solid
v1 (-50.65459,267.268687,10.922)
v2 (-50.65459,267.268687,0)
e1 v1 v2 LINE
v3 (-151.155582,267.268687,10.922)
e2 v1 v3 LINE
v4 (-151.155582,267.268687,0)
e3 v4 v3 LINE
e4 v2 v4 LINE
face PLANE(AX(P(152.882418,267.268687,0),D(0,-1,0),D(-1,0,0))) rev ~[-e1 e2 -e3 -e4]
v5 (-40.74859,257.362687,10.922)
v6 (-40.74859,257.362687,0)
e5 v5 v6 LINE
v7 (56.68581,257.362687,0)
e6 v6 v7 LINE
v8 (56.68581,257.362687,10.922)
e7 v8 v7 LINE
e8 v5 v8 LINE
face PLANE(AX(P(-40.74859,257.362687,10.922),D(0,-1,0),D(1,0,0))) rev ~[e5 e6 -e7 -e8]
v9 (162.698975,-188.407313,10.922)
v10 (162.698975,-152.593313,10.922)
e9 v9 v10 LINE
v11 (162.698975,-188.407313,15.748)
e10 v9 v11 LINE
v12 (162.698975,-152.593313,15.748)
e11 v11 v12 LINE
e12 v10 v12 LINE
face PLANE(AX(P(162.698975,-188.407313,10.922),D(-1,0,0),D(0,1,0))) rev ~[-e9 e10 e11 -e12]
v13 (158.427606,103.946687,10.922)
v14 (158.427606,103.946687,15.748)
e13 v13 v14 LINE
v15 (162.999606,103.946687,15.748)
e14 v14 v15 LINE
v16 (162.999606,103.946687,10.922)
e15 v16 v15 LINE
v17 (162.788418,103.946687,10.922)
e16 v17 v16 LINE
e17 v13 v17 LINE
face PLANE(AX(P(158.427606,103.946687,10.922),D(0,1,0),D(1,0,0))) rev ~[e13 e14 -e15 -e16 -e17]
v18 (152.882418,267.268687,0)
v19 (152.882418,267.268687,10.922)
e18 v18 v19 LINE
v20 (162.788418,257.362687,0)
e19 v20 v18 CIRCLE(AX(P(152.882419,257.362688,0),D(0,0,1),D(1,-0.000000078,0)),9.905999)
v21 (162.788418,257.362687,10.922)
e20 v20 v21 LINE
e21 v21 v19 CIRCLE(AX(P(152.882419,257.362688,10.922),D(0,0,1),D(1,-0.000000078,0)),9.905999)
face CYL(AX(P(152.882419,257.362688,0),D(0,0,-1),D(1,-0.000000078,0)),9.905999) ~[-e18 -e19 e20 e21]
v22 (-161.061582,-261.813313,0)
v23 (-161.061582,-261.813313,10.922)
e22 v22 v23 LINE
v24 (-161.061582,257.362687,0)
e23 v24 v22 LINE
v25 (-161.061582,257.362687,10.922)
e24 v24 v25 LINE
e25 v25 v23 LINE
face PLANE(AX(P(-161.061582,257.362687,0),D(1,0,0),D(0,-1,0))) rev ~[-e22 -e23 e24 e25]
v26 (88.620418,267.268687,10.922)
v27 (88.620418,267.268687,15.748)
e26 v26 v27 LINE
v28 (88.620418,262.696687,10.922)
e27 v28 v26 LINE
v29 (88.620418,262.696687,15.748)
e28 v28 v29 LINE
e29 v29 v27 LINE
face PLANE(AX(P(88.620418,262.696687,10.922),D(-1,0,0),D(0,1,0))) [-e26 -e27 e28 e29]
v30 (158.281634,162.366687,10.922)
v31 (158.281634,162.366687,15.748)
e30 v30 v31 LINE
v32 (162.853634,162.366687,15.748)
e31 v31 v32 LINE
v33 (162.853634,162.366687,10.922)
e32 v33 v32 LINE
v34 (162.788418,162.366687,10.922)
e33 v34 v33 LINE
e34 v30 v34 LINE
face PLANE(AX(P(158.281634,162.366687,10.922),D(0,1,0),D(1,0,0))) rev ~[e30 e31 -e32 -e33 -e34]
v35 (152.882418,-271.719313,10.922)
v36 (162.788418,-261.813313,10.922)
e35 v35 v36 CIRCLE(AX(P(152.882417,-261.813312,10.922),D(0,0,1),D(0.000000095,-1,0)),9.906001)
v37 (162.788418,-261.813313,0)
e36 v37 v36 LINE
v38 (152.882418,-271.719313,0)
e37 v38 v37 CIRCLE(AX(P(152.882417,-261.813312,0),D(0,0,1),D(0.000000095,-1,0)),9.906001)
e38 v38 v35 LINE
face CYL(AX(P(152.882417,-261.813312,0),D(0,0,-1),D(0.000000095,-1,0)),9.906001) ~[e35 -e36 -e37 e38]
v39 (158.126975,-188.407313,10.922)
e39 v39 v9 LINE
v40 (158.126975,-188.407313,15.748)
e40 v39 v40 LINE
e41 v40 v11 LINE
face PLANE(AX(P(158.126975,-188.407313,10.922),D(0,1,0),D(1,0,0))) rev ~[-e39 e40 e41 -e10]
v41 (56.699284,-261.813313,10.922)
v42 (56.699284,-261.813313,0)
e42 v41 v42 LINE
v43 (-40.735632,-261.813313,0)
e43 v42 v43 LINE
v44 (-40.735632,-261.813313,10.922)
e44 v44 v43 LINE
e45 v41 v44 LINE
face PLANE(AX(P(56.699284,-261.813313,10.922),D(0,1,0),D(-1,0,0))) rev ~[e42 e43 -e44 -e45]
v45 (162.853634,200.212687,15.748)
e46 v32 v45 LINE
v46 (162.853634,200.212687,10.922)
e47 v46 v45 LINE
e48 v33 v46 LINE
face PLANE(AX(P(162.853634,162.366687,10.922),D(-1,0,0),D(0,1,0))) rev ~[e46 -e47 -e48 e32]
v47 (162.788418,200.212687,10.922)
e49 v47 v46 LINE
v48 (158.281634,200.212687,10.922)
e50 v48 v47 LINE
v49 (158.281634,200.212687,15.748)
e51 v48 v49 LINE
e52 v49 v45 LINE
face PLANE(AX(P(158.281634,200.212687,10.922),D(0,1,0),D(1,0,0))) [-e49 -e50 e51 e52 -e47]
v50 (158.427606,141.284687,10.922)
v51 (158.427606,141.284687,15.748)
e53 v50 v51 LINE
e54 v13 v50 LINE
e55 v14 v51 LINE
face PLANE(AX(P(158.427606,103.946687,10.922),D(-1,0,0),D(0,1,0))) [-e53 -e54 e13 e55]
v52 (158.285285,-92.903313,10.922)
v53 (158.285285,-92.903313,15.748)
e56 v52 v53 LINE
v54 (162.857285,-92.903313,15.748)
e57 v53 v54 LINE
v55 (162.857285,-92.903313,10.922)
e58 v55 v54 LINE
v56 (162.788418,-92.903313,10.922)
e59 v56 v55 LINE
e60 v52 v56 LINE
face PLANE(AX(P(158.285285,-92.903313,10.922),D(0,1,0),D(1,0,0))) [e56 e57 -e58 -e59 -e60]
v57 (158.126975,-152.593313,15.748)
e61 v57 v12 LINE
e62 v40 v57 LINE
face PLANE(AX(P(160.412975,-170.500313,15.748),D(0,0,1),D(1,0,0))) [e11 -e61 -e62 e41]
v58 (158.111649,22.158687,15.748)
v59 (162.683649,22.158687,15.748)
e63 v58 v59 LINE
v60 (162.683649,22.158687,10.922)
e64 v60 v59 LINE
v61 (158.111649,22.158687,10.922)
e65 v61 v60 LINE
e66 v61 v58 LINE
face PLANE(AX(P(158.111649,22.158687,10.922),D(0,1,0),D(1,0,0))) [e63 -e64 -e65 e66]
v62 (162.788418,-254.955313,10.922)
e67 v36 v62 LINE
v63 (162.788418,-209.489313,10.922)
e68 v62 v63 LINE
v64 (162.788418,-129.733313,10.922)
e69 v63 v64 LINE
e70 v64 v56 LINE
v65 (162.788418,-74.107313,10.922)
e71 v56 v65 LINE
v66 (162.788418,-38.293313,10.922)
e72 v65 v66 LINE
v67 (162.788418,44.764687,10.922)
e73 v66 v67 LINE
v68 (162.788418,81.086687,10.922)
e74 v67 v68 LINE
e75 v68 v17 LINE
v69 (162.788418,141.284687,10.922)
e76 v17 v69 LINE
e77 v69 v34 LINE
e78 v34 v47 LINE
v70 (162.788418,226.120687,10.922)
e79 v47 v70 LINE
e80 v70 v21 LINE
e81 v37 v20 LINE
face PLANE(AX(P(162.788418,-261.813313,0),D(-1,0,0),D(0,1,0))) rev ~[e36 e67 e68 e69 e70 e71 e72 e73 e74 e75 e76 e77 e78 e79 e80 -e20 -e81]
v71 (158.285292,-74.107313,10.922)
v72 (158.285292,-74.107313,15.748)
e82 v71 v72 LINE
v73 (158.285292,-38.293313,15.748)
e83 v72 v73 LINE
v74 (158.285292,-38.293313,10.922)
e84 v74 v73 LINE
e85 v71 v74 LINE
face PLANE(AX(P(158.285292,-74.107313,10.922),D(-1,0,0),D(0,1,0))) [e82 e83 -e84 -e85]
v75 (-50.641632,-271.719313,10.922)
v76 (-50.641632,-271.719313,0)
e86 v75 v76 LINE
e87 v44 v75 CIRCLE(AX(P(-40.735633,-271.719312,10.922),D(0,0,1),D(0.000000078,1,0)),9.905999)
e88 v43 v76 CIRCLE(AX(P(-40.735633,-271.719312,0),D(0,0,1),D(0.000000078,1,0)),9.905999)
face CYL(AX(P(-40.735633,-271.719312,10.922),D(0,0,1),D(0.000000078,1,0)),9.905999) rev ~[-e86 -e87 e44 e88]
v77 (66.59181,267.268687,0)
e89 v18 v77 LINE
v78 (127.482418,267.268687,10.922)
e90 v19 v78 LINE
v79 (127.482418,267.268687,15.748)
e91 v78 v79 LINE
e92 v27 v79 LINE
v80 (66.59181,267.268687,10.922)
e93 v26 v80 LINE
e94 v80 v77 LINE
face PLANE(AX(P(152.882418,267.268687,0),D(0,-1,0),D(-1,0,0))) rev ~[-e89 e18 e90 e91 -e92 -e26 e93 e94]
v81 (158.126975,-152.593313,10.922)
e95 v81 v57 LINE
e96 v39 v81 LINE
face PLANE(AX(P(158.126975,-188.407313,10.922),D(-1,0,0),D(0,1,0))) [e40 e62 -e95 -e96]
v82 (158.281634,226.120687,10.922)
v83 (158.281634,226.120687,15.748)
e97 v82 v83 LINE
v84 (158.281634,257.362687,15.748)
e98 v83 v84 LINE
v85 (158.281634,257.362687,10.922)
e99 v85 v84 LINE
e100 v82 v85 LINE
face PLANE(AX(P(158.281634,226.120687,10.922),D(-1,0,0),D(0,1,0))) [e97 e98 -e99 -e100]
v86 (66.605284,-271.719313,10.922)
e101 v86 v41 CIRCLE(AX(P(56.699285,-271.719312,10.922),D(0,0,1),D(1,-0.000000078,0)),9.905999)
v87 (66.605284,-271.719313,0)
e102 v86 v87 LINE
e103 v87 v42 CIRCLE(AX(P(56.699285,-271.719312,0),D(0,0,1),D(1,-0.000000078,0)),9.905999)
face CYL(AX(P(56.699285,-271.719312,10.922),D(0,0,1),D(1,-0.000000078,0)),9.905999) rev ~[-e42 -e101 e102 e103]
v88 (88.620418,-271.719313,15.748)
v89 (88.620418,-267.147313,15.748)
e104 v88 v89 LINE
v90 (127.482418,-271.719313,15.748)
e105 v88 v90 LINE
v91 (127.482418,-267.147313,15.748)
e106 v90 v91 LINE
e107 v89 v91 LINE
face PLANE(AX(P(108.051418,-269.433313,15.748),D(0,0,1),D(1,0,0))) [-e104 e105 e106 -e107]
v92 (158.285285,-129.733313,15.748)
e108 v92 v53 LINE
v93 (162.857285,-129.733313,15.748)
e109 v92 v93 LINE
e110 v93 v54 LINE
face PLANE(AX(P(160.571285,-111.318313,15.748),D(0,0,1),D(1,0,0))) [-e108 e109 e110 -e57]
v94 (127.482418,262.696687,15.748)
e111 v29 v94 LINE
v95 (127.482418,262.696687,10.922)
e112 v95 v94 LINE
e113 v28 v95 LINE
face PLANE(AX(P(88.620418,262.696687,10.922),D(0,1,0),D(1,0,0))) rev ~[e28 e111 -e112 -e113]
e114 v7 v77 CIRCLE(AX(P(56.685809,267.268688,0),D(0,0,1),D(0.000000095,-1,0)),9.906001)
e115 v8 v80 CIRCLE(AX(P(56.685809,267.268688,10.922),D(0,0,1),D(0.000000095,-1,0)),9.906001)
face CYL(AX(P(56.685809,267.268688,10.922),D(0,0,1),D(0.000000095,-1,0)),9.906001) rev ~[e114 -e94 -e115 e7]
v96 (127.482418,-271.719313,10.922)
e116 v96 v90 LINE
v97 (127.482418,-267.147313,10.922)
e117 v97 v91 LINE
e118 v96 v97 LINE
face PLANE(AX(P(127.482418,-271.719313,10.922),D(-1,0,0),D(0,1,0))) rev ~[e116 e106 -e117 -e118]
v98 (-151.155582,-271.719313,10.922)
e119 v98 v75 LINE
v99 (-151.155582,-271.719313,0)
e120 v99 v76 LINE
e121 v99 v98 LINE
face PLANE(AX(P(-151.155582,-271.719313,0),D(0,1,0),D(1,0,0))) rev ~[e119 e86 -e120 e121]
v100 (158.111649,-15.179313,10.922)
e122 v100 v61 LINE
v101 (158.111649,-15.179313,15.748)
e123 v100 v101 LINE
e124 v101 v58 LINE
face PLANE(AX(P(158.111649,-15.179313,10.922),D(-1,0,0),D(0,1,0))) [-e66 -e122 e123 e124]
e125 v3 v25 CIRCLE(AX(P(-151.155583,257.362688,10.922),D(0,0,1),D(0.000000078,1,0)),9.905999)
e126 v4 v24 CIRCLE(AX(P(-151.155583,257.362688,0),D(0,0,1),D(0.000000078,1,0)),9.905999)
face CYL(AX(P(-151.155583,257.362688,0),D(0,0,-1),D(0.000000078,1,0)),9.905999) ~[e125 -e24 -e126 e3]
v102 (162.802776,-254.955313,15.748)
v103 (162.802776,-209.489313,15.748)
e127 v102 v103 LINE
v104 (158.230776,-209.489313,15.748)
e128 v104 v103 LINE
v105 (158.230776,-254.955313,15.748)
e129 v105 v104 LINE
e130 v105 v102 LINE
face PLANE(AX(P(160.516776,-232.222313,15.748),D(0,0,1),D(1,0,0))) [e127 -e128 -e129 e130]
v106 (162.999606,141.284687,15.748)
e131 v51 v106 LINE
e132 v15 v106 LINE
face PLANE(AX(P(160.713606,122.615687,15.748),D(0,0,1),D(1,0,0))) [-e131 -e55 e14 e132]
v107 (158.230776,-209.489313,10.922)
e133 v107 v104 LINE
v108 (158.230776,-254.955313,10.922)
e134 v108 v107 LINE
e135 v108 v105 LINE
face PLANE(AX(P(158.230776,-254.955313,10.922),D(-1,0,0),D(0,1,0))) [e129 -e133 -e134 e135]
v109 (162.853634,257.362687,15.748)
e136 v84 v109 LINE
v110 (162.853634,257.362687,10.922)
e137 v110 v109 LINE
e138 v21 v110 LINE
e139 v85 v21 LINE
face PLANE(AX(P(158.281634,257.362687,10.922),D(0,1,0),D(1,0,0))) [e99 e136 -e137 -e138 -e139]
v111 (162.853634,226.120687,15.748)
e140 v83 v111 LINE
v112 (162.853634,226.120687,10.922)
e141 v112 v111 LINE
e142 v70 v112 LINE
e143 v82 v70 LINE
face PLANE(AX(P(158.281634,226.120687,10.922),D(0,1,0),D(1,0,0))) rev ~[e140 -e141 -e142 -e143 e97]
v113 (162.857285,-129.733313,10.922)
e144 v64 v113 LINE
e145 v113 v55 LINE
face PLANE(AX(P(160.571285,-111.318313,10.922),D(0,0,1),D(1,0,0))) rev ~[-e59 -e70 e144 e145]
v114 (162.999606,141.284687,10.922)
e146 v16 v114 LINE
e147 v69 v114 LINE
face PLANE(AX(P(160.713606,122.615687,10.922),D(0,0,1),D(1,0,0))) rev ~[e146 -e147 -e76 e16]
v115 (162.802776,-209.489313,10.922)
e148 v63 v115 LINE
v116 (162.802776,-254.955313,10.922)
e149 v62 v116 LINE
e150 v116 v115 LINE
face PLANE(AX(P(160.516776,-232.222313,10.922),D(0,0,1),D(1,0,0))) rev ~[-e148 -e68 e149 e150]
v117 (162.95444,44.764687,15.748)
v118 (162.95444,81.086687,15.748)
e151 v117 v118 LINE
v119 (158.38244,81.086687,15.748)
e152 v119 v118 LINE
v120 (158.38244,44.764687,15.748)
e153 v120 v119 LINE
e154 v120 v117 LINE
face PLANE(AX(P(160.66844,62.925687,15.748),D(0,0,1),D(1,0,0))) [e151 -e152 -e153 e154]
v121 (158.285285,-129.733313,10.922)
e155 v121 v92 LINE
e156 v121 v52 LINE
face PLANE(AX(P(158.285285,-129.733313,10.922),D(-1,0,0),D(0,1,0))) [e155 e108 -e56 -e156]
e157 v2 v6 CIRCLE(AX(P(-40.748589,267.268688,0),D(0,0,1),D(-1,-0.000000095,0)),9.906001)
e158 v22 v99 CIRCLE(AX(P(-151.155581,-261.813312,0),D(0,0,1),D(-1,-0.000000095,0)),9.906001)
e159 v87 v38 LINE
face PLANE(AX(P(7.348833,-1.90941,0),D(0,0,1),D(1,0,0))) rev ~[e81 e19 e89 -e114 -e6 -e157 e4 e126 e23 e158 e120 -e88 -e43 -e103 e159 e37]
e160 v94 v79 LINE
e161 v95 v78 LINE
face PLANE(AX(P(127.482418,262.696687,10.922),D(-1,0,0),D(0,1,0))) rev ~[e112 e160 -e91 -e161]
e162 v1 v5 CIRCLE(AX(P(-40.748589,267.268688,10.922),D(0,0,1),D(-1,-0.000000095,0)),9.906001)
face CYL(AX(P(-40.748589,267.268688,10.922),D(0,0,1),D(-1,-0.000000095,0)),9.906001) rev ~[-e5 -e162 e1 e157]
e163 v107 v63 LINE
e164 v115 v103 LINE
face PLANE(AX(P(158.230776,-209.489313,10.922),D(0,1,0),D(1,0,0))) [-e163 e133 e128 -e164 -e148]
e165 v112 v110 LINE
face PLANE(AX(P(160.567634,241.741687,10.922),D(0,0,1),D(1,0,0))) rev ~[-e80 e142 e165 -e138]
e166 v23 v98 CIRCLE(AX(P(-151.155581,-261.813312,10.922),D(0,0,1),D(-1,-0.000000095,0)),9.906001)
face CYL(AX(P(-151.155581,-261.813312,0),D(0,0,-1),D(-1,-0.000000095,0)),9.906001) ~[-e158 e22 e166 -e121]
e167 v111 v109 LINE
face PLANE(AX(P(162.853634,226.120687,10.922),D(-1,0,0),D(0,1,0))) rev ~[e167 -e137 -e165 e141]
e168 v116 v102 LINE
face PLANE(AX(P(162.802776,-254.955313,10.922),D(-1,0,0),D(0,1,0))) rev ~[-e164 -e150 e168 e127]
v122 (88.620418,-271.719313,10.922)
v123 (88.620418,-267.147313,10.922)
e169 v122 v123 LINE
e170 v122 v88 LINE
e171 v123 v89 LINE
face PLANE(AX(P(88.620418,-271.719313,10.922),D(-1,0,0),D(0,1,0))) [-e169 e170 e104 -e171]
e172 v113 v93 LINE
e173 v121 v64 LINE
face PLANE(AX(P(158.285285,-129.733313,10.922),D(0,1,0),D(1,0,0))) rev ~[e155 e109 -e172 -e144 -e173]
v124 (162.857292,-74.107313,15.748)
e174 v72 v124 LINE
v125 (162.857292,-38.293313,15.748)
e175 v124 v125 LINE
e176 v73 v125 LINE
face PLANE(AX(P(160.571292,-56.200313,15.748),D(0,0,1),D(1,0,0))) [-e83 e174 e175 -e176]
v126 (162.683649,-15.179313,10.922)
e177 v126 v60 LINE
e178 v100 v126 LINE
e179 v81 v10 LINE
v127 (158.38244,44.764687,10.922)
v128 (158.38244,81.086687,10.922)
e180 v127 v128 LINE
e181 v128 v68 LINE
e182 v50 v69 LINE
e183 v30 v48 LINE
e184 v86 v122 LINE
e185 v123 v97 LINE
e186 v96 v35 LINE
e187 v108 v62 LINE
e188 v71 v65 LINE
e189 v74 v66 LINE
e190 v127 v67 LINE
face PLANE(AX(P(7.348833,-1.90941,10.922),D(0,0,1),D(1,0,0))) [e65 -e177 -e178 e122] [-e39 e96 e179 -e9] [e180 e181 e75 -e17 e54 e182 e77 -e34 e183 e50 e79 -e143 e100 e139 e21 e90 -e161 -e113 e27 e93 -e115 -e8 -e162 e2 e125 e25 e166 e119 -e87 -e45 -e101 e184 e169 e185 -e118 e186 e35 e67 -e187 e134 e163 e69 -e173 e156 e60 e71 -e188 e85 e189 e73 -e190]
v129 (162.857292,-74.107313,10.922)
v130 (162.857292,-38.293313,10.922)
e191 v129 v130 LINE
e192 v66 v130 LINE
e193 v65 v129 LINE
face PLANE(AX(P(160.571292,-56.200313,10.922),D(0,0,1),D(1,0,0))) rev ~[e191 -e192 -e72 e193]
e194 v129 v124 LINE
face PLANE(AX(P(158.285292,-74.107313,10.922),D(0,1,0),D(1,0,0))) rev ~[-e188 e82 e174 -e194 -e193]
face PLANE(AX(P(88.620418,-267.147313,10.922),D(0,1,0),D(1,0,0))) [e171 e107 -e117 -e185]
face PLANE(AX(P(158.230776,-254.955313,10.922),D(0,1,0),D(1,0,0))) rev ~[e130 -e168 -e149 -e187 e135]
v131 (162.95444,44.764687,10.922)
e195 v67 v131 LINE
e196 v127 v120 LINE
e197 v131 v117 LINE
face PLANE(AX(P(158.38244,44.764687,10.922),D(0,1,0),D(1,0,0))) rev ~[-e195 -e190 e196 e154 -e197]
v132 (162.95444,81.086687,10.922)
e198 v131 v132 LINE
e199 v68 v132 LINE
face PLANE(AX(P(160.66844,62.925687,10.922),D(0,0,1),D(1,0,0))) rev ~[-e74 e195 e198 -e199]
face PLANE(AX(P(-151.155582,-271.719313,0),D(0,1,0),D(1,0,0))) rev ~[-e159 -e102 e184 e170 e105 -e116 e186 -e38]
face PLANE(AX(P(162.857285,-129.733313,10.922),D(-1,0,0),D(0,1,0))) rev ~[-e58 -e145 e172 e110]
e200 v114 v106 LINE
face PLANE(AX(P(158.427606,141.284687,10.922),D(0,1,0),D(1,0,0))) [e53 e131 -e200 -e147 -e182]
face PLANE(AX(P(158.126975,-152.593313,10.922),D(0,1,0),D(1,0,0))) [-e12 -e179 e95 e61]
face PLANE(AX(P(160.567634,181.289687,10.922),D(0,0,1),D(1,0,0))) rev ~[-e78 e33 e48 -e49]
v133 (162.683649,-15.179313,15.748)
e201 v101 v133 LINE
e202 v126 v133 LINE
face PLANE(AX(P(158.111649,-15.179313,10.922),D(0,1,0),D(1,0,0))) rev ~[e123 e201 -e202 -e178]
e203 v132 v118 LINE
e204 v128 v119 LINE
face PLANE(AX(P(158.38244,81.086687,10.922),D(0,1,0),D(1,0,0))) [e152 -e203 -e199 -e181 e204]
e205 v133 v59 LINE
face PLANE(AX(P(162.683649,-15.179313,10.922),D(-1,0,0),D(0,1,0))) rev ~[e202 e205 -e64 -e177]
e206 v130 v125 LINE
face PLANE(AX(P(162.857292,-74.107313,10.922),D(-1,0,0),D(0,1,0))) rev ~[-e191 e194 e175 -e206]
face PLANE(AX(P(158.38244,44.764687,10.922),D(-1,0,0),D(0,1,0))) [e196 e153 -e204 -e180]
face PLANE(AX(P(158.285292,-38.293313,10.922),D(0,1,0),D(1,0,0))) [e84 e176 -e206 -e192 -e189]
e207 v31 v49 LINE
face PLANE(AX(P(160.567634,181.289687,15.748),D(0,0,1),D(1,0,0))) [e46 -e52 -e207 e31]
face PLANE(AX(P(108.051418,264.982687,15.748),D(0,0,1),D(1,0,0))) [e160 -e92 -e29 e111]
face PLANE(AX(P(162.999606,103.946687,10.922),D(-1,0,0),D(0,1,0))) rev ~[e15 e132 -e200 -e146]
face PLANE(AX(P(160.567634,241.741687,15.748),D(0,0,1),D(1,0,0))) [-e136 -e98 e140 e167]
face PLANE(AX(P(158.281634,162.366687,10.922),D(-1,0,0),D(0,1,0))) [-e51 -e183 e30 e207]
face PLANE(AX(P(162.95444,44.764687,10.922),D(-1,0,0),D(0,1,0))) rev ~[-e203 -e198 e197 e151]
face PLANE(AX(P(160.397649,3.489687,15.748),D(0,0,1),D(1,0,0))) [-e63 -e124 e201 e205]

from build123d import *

# Parameters (mm, degrees)
F0_W      = 4.572
F0_H      = 45.466
F0_H_2    = 31.242
F0_H_3    = 35.814
F0_H_4    = 37.846
F0_H_5    = 36.83
F0_H_6    = 37.338
F0_H_7    = 36.322
F1_DEPTH  = 10.922
F3_DEPTH  = 10.923
F5_DEPTH  = 10.923
F6_W      = 4.572
F6_H      = 45.466
F7_DEPTH  = 4.826
F8_W      = 4.572
F8_H      = 35.814
F9_DEPTH  = 4.826
F10_W     = 4.572
F10_H     = 36.83
F11_DEPTH = 4.826
F12_W     = 4.572
F12_H     = 35.814
F13_DEPTH = 4.826
F14_W     = 4.572
F14_H     = 37.338
F15_DEPTH = 4.826
F16_W     = 4.572
F16_H     = 36.322
F17_DEPTH = 4.826
F18_W     = 4.572
F18_H     = 37.338
F19_DEPTH = 4.826
F20_W     = 4.572
F20_H     = 37.846
F21_DEPTH = 4.826
F22_W     = 4.572
F22_H     = 31.242
F23_DEPTH = 4.826
F24_W     = 38.862
F24_H     = 4.572
F25_DEPTH = 4.826
F26_W     = 38.862
F26_H     = 4.572
F27_DEPTH = 4.826


with BuildPart() as f1:
    # F0 (on Top) → F1 (new body)
    with BuildSketch(Plane.XY):
        with BuildLine():
            Line((-50.638884, 267.268687), (-151.155582, 267.268687))
            ThreePointArc((-151.155582, 267.268687), (-158.160182, 264.367287), (-161.061582, 257.362687))
            Line((-161.061582, 257.362687), (-161.061582, -261.813313))
            ThreePointArc((-161.061582, -261.813313), (-158.160182, -268.817912), (-151.155582, -271.719313))
            Line((-151.155582, -271.719313), (152.882418, -271.719313))
            ThreePointArc((152.882418, -271.719313), (159.887018, -268.817912), (162.788418, -261.813313))
            Line((162.788418, -261.813313), (162.788418, -254.955313))
            Line((162.788418, -254.955313), (158.216418, -254.955313))
            Line((158.216418, -254.955313), (158.216418, -209.489313))
            Line((158.216418, -209.489313), (162.788418, -209.489313))
            Line((162.788418, -209.489313), (162.788418, -188.407313))
            Line((162.788418, -188.407313), (158.216418, -188.407313))
            Line((158.216418, -188.407313), (158.216418, -152.593313))
            Line((158.216418, -152.593313), (162.788418, -152.593313))
            Line((162.788418, -152.593313), (162.788418, -129.733313))
            Line((162.788418, -129.733313), (158.216418, -129.733313))
            Line((158.216418, -129.733313), (158.216418, -92.903313))
            Line((158.216418, -92.903313), (162.788418, -92.903313))
            Line((162.788418, -92.903313), (162.788418, -74.107313))
            Line((162.788418, -74.107313), (158.216418, -74.107313))
            Line((158.216418, -74.107313), (158.216418, -38.293313))
            Line((158.216418, -38.293313), (162.788418, -38.293313))
            Line((162.788418, -38.293313), (162.788418, -15.179313))
            Line((162.788418, -15.179313), (158.216418, -15.179313))
            Line((158.216418, -15.179313), (158.216418, 22.158687))
            Line((158.216418, 22.158687), (162.788418, 22.158687))
            Line((162.788418, 22.158687), (162.788418, 44.764687))
            Line((162.788418, 44.764687), (158.216418, 44.764687))
            Line((158.216418, 44.764687), (158.216418, 81.086687))
            Line((158.216418, 81.086687), (162.788418, 81.086687))
            Line((162.788418, 81.086687), (162.788418, 103.946687))
            Line((162.788418, 103.946687), (158.216418, 103.946687))
            Line((158.216418, 103.946687), (158.216418, 141.284687))
            Line((158.216418, 141.284687), (162.788418, 141.284687))
            Line((162.788418, 141.284687), (162.788418, 162.366687))
            Line((162.788418, 162.366687), (158.216418, 162.366687))
            Line((158.216418, 162.366687), (158.216418, 200.212687))
            Line((158.216418, 200.212687), (162.788418, 200.212687))
            Line((162.788418, 200.212687), (162.788418, 226.120687))
            Line((162.788418, 226.120687), (158.216418, 226.120687))
            Line((158.216418, 226.120687), (158.216418, 257.362687))
            Line((158.216418, 257.362687), (162.788418, 257.362687))
            ThreePointArc((162.788418, 257.362687), (159.887018, 264.367287), (152.882418, 267.268687))
            Line((152.882418, 267.268687), (66.598618, 267.268687))
            Line((66.598618, 267.268687), (56.692618, 267.268687))
            Line((56.692618, 267.268687), (56.03563, 267.268687))
            Line((56.03563, 267.268687), (-40.811159, 267.268687))
            Line((-40.811159, 267.268687), (-41.249528, 267.268687))
            Line((-41.249528, 267.268687), (-50.638884, 267.268687))
        make_face()
        with Locations((160.502418, -232.222313)):
            Rectangle(F0_W, F0_H)
        with Locations((160.502418, 241.741687)):
            Rectangle(F0_W, F0_H_2)
        with Locations((160.502418, -170.500313)):
            Rectangle(F0_W, F0_H_3)
        with Locations((160.502418, 181.289687)):
            Rectangle(F0_W, F0_H_4)
        with Locations((160.502418, -111.318313)):
            Rectangle(F0_W, F0_H_5)
        with Locations((160.502418, 122.615687)):
            Rectangle(F0_W, F0_H_6)
        with Locations((160.502418, -56.200313)):
            Rectangle(F0_W, F0_H_3)
        with Locations((160.502418, 62.925687)):
            Rectangle(F0_W, F0_H_7)
        with Locations((160.502418, 3.489687)):
            Rectangle(F0_W, F0_H_6)
    extrude(amount=F1_DEPTH)

    # F2 (on face) → F3 (cut, through all)
    with BuildSketch(Plane.XY.offset(10.922)):
        with BuildLine():
            Line((66.59181, 267.268687), (-50.65459, 267.268687))
            ThreePointArc((-50.65459, 267.268687), (-47.75319, 260.264088), (-40.74859, 257.362687))
            Line((-40.74859, 257.362687), (56.68581, 257.362687))
            ThreePointArc((56.68581, 257.362687), (63.69041, 260.264088), (66.59181, 267.268687))
        make_face()
    extrude(amount=-F3_DEPTH, mode=Mode.SUBTRACT)

    # F4 (on face) → F5 (cut, through all)
    with BuildSketch(Plane.XY.offset(10.922)):
        with BuildLine():
            Line((56.699284, -261.813313), (-40.735632, -261.813313))
            ThreePointArc((-40.735632, -261.813313), (-47.740232, -264.714713), (-50.641632, -271.719313))
            Line((-50.641632, -271.719313), (-50.641632, -271.741477))
            Line((-50.641632, -271.741477), (66.605284, -271.741477))
            Line((66.605284, -271.741477), (66.605284, -271.719313))
            ThreePointArc((66.605284, -271.719313), (63.703884, -264.714713), (56.699284, -261.813313))
        make_face()
    extrude(amount=-F5_DEPTH, mode=Mode.SUBTRACT)

    # F6 (on face) → F7 (join)
    with BuildSketch(Plane.XY.offset(10.922)):
        with Locations((160.516776, -232.222313)):
            Rectangle(F6_W, F6_H)
    extrude(amount=F7_DEPTH)

    # F8 (on face) → F9 (join)
    with BuildSketch(Plane.XY.offset(10.922)):
        with Locations((160.412975, -170.500313)):
            Rectangle(F8_W, F8_H)
    extrude(amount=F9_DEPTH)

    # F10 (on face) → F11 (join)
    with BuildSketch(Plane.XY.offset(10.922)):
        with Locations((160.571285, -111.318313)):
            Rectangle(F10_W, F10_H)
    extrude(amount=F11_DEPTH)

    # F12 (on face) → F13 (join)
    with BuildSketch(Plane.XY.offset(10.922)):
        with Locations((160.571292, -56.200313)):
            Rectangle(F12_W, F12_H)
    extrude(amount=F13_DEPTH)

    # F14 (on face) → F15 (join)
    with BuildSketch(Plane.XY.offset(10.922)):
        with Locations((160.397649, 3.489687)):
            Rectangle(F14_W, F14_H)
    extrude(amount=F15_DEPTH)

    # F16 (on face) → F17 (join)
    with BuildSketch(Plane.XY.offset(10.922)):
        with Locations((160.66844, 62.925687)):
            Rectangle(F16_W, F16_H)
    extrude(amount=F17_DEPTH)

    # F18 (on face) → F19 (join)
    with BuildSketch(Plane.XY.offset(10.922)):
        with Locations((160.713606, 122.615687)):
            Rectangle(F18_W, F18_H)
    extrude(amount=F19_DEPTH)

    # F20 (on face) → F21 (join)
    with BuildSketch(Plane.XY.offset(10.922)):
        with Locations((160.567634, 181.289687)):
            Rectangle(F20_W, F20_H)
    extrude(amount=F21_DEPTH)

    # F22 (on face) → F23 (join)
    with BuildSketch(Plane.XY.offset(10.922)):
        with Locations((160.567634, 241.741687)):
            Rectangle(F22_W, F22_H)
    extrude(amount=F23_DEPTH)

    # F24 (on face) → F25 (join)
    with BuildSketch(Plane.XY.offset(10.922)):
        with Locations((108.051418, 264.982687)):
            Rectangle(F24_W, F24_H)
    extrude(amount=F25_DEPTH)

    # F26 (on face) → F27 (join)
    with BuildSketch(Plane.XY.offset(10.922)):
        with Locations((108.051418, -269.433313)):
            Rectangle(F26_W, F26_H)
    extrude(amount=F27_DEPTH)


solid = f1.part
